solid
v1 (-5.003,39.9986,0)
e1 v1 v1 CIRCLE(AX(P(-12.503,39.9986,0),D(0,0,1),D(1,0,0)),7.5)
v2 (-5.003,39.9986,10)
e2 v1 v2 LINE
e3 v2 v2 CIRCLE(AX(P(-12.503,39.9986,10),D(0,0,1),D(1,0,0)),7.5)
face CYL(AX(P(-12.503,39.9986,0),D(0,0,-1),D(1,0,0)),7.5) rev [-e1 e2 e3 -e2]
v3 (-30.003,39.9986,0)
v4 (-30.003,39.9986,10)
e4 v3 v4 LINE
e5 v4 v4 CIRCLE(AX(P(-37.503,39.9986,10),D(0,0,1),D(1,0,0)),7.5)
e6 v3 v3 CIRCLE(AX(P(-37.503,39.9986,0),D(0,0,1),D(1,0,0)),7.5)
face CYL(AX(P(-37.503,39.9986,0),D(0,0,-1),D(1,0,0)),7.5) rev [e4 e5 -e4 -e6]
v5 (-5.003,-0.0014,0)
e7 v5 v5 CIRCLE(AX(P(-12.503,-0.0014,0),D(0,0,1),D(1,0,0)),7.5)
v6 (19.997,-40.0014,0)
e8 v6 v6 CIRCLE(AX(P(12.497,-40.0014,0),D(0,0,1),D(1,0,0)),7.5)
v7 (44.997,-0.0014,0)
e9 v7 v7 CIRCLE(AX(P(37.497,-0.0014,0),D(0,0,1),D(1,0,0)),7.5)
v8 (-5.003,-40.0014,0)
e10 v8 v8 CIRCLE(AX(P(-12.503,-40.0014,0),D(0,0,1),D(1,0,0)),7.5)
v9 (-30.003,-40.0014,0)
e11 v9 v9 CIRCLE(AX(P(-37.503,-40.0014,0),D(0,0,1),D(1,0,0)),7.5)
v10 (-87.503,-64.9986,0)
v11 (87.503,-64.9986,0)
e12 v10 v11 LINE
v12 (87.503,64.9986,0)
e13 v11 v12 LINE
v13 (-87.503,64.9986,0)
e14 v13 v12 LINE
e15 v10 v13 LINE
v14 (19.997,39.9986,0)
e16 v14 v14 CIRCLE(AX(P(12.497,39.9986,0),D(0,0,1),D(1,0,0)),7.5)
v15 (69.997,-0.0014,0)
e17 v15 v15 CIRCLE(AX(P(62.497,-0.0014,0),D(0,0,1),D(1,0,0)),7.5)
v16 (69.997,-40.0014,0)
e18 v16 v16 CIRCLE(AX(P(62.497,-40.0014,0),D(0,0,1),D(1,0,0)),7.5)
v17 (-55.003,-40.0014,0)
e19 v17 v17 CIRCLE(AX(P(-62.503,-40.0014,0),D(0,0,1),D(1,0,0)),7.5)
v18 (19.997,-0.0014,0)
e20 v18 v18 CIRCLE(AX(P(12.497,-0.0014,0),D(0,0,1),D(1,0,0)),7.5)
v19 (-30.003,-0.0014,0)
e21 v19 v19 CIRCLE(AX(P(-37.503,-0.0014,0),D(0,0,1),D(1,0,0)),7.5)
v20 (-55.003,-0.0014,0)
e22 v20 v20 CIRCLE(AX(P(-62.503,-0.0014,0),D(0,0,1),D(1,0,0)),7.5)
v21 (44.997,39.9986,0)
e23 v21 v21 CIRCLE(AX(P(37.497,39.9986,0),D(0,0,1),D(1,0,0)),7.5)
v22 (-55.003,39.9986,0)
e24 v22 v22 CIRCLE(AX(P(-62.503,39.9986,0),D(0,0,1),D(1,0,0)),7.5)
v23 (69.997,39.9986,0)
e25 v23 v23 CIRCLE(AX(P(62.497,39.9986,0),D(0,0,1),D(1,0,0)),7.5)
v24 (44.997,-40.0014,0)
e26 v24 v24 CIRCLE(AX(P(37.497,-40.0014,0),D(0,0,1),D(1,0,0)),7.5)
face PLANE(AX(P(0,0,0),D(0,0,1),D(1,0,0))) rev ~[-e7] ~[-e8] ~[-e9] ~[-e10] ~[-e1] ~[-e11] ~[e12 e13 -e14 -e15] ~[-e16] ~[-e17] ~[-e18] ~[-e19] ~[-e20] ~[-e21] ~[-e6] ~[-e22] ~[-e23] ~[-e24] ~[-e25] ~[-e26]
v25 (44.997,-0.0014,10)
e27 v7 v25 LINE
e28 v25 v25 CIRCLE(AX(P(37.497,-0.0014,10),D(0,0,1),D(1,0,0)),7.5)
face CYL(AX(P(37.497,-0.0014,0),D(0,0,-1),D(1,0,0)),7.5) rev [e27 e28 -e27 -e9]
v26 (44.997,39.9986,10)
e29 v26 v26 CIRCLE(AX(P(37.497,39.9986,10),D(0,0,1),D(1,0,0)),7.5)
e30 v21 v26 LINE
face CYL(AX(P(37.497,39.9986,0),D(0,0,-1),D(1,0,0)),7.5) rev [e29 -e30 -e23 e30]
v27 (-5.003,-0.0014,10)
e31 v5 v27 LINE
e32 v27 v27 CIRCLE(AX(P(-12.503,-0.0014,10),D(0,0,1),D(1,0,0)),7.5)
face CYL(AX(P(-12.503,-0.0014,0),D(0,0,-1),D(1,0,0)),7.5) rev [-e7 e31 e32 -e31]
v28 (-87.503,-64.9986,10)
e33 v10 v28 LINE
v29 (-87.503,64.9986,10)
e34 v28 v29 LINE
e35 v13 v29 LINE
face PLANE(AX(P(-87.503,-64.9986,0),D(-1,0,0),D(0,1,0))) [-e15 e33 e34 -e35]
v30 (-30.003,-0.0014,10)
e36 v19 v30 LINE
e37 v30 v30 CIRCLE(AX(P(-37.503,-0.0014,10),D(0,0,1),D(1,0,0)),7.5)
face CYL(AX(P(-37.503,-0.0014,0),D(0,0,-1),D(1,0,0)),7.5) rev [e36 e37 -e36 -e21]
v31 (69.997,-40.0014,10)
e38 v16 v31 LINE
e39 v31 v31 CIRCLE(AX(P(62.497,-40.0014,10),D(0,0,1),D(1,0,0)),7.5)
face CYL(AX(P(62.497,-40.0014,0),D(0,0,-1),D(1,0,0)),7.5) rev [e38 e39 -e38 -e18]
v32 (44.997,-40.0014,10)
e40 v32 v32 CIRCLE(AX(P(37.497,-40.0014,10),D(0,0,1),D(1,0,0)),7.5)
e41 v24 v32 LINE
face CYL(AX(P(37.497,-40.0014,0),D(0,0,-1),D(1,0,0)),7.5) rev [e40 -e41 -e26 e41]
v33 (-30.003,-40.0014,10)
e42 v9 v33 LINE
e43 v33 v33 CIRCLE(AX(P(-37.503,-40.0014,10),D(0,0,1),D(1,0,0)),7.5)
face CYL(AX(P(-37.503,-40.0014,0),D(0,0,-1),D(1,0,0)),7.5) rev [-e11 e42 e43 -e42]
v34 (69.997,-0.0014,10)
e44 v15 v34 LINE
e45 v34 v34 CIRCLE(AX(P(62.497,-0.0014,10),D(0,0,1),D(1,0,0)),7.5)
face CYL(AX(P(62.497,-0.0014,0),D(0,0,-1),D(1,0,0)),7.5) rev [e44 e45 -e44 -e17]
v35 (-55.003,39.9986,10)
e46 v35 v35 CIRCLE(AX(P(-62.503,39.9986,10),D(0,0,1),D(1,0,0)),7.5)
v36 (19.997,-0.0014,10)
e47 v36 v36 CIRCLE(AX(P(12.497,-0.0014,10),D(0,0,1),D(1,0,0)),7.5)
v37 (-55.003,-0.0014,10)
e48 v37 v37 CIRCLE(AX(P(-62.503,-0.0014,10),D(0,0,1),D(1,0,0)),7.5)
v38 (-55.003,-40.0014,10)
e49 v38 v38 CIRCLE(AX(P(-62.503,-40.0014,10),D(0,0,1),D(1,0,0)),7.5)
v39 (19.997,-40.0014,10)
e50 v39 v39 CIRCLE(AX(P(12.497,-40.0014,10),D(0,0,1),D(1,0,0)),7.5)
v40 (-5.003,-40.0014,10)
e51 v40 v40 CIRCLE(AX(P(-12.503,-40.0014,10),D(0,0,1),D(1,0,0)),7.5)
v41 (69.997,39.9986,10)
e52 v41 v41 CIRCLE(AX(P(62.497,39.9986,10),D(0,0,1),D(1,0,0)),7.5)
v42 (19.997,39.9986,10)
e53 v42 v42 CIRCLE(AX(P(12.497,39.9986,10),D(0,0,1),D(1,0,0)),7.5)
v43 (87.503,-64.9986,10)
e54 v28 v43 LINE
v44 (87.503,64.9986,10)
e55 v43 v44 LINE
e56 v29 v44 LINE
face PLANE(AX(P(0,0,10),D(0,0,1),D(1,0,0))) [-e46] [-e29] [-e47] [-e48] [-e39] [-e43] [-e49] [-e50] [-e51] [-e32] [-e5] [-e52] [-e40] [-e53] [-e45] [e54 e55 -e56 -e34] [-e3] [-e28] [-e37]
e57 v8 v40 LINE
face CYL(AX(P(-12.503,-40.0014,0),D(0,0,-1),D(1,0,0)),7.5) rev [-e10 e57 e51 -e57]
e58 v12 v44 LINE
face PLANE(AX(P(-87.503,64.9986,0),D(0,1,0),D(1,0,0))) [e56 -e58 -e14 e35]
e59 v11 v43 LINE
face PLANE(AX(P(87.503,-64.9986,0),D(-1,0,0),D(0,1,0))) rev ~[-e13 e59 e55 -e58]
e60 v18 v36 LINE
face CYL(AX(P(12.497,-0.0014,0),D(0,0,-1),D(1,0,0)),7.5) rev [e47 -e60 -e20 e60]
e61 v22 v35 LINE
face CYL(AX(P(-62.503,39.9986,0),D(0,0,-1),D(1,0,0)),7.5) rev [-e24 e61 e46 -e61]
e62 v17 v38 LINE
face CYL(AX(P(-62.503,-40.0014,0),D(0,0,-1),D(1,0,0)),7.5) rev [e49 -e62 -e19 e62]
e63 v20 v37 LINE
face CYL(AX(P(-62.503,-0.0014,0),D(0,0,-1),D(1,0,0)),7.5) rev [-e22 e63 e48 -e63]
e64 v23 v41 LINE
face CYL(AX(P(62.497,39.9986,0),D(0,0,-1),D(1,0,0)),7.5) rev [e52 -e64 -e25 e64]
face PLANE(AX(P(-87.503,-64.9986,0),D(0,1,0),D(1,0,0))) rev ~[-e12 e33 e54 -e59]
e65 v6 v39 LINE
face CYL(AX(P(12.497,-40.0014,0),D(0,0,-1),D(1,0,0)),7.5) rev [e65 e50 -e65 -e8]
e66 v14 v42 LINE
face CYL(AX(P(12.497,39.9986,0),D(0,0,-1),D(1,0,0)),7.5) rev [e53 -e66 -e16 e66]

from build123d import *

# Parameters (mm, degrees)
F0_W     = 175.006
F0_H     = 129.9972
F0_R     = 7.5
F1_DEPTH = 10


with BuildPart() as f1:
    # F0 (on Top) → F1 (new body)
    with BuildSketch(Plane.XY):
        Rectangle(F0_W, F0_H)
        with Locations((-62.503, -40.0014)):
            Circle(F0_R, mode=Mode.SUBTRACT)
        with Locations((-37.503, -40.0014)):
            Circle(F0_R, mode=Mode.SUBTRACT)
        with Locations((-12.503, -40.0014)):
            Circle(F0_R, mode=Mode.SUBTRACT)
        with Locations((-62.503, -0.0014)):
            Circle(F0_R, mode=Mode.SUBTRACT)
        with Locations((-37.503, -0.0014)):
            Circle(F0_R, mode=Mode.SUBTRACT)
        with Locations((-12.503, -0.0014)):
            Circle(F0_R, mode=Mode.SUBTRACT)
        with Locations((12.497, -40.0014)):
            Circle(F0_R, mode=Mode.SUBTRACT)
        with Locations((37.497, -40.0014)):
            Circle(F0_R, mode=Mode.SUBTRACT)
        with Locations((62.497, -40.0014)):
            Circle(F0_R, mode=Mode.SUBTRACT)
        with Locations((12.497, -0.0014)):
            Circle(F0_R, mode=Mode.SUBTRACT)
        with Locations((37.497, -0.0014)):
            Circle(F0_R, mode=Mode.SUBTRACT)
        with Locations((62.497, -0.0014)):
            Circle(F0_R, mode=Mode.SUBTRACT)
        with Locations((-62.503, 39.9986)):
            Circle(F0_R, mode=Mode.SUBTRACT)
        with Locations((-37.503, 39.9986)):
            Circle(F0_R, mode=Mode.SUBTRACT)
        with Locations((-12.503, 39.9986)):
            Circle(F0_R, mode=Mode.SUBTRACT)
        with Locations((12.497, 39.9986)):
            Circle(F0_R, mode=Mode.SUBTRACT)
        with Locations((37.497, 39.9986)):
            Circle(F0_R, mode=Mode.SUBTRACT)
        with Locations((62.497, 39.9986)):
            Circle(F0_R, mode=Mode.SUBTRACT)
    extrude(amount=F1_DEPTH)


solid = f1.part
